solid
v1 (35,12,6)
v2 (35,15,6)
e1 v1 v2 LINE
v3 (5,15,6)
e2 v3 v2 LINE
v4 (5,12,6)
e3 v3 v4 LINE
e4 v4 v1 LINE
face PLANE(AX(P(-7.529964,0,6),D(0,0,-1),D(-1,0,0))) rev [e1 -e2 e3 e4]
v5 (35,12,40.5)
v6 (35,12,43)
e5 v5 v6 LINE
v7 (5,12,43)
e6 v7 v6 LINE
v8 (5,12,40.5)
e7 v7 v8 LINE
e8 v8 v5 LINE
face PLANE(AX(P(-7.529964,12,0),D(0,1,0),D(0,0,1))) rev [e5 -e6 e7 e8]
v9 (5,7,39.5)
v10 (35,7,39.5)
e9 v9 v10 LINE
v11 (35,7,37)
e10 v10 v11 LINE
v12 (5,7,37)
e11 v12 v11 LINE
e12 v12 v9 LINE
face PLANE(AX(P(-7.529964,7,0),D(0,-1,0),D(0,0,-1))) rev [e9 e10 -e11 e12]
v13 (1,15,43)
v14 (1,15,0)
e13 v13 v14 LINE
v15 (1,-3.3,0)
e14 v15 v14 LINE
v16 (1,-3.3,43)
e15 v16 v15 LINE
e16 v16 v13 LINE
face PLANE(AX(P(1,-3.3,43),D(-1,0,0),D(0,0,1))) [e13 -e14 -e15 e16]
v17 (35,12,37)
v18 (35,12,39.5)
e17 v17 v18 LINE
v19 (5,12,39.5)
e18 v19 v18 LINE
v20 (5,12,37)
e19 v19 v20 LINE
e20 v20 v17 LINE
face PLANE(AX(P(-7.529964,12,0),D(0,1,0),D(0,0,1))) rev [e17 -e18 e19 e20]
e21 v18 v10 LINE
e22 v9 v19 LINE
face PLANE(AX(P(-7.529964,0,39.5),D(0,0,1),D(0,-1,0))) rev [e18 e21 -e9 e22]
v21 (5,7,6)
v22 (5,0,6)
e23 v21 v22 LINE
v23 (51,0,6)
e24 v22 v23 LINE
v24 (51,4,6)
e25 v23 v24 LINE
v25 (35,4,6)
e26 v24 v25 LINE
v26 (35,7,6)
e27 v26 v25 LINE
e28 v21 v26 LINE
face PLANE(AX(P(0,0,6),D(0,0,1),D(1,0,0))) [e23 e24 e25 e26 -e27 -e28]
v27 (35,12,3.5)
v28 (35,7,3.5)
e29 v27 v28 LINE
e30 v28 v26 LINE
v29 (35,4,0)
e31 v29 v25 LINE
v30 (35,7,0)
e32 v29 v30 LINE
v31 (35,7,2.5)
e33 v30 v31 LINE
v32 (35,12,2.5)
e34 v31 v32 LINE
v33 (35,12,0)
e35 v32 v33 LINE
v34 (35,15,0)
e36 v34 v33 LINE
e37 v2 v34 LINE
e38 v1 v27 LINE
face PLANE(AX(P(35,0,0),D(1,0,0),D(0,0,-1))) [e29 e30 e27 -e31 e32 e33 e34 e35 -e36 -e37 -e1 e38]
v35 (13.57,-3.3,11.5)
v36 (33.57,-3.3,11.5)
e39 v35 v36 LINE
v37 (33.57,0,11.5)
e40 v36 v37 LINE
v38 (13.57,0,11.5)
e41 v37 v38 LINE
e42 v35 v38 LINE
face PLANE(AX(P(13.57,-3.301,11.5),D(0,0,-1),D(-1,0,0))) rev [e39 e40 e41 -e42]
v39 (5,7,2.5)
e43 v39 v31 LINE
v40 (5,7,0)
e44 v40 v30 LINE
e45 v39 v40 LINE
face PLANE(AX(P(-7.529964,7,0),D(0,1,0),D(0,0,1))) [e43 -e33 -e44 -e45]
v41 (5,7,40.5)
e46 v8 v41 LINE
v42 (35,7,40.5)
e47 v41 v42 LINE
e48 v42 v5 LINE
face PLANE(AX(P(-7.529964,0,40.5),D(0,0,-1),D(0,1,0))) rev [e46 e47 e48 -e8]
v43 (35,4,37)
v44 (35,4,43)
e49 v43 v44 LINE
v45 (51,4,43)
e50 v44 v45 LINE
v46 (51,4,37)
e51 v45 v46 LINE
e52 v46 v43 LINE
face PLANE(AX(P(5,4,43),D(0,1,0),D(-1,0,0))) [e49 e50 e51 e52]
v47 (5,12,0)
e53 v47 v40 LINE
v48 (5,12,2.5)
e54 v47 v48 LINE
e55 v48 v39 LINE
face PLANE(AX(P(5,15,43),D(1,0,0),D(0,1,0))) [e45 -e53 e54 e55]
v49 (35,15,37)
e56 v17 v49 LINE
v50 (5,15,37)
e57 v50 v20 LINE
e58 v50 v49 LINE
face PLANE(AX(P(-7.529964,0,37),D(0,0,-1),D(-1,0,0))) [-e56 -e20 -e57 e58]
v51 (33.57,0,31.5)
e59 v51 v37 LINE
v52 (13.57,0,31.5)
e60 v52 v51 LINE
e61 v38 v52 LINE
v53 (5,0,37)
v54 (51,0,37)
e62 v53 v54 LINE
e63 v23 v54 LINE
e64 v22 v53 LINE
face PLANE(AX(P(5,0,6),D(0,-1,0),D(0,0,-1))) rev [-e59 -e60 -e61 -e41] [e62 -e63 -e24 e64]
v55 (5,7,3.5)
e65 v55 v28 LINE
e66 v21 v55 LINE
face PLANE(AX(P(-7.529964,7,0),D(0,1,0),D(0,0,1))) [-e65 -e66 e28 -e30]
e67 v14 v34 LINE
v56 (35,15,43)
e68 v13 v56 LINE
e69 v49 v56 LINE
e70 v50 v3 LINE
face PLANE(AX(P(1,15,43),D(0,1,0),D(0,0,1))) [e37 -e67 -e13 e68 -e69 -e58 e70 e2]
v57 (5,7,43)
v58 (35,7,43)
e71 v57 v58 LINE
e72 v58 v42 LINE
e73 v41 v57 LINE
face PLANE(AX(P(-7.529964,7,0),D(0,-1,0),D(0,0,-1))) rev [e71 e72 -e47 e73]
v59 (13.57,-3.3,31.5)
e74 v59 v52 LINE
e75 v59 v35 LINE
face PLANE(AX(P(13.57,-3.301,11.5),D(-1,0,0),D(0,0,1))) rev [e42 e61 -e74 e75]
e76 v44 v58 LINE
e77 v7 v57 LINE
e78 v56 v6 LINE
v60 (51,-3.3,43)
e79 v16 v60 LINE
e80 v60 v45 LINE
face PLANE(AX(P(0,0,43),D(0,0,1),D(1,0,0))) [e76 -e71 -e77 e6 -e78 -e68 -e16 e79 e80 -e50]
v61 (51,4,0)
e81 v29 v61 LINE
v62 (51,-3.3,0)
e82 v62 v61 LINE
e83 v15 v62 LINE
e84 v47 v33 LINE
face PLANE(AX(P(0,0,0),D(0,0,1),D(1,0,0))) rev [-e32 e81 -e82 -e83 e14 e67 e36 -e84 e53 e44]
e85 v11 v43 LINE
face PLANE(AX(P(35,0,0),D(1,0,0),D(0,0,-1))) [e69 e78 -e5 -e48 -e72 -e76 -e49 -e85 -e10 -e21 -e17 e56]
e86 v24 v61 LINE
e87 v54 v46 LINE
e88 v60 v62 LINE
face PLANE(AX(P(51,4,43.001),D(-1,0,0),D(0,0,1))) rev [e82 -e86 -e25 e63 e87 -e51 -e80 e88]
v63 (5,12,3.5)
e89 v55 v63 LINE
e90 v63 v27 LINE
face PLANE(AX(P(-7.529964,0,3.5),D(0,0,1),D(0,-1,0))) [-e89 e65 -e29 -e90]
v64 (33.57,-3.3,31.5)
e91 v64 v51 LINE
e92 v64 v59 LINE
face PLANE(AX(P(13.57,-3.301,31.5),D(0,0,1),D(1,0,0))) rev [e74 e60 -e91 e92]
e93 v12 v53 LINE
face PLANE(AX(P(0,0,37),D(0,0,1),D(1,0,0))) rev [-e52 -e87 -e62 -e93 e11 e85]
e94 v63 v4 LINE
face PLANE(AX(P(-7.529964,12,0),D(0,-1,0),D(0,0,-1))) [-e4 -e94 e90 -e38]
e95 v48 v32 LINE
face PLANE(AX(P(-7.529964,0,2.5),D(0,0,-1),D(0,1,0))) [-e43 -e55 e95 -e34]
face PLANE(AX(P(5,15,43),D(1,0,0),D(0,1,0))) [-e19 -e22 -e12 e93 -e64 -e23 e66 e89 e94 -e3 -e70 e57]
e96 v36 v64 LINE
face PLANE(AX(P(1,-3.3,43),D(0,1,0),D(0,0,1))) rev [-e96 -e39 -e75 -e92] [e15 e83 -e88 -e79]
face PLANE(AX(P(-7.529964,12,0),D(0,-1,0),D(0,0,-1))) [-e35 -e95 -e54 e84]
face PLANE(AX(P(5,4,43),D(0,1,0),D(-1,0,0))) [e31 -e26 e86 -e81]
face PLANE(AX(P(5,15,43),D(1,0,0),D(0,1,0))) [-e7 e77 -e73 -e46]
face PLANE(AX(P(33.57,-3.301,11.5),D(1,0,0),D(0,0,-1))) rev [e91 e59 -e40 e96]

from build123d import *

# Parameters (mm, degrees)
BOSS_EXTRUDE1_DEPTH = 43
CUT_EXTRUDE1_START  = -6
SKETCH3_W           = 51
SKETCH3_H           = 4
CUT_EXTRUDE1_DEPTH  = 31
CUT_EXTRUDE2_REACH  = 74.18
SKETCH4_W           = 20
SKETCH4_H           = 20
BOSS_EXTRUDE2_START = -21
BOSS_EXTRUDE2_DEPTH = 30
CUT_EXTRUDE3_REACH  = 74.18
SKETCH6_W           = 5
SKETCH6_H           = 7.3


with BuildPart() as part:
    # Sketch1 → Boss-Extrude1 (new body)
    with BuildSketch(Plane.XY):
        Polygon((1, 15), (5, 15), (5, 4), (56, 4), (56, -3.3), (1, -3.3), align=None)
    extrude(amount=BOSS_EXTRUDE1_DEPTH)

    # Sketch3 → Cut-Extrude1 (cut)
    with BuildSketch(Plane.XY.offset(43).offset(CUT_EXTRUDE1_START)):
        with Locations((30.5, 2)):
            Rectangle(SKETCH3_W, SKETCH3_H)
    extrude(amount=-CUT_EXTRUDE1_DEPTH, mode=Mode.SUBTRACT)

    # Sketch4 → Cut-Extrude2 (cut, up to next)
    with BuildSketch(Plane(origin=(0, 0, 0), x_dir=(1, 0, 0), z_dir=(0, 1, 0)), mode=Mode.PRIVATE) as cut_extrude2_sk1:
        with Locations((23.57, -21.5)):
            Rectangle(SKETCH4_W, SKETCH4_H)
    cut_extrude2_tool1 = extrude(cut_extrude2_sk1.sketch, amount=-CUT_EXTRUDE2_REACH, mode=Mode.PRIVATE) & part.part
    add(cut_extrude2_tool1.solids().sort_by_distance((23.57, 0, 21.5))[0], mode=Mode.SUBTRACT)

    # Sketch5 → Boss-Extrude2 (add)
    with BuildSketch(Plane(origin=(56, 0, 0), x_dir=(0, 0, -1), z_dir=(1, 0, 0)).offset(BOSS_EXTRUDE2_START)):
        Polygon((-6, 7), (-6, 4), (0, 4), (0, 7), (-2.5, 7), (-2.5, 12), (0, 12), (0, 15), (-6, 15), (-6, 12), (-3.5, 12), (-3.5, 7), align=None)
        Polygon((-37, 4), (-37, 7), (-39.5, 7), (-39.5, 12), (-37, 12), (-37, 15), (-43, 15), (-43, 12), (-40.5, 12), (-40.5, 7), (-43, 7), (-43, 4), align=None)
    extrude(amount=-BOSS_EXTRUDE2_DEPTH)

    # Sketch6 → Cut-Extrude3 (cut, up to next)
    with BuildSketch(Plane(origin=(0, 0, 0), x_dir=(-1, 0, 0), z_dir=(0, 0, -1)), mode=Mode.PRIVATE) as cut_extrude3_sk1:
        with Locations((-53.5, 0.35)):
            Rectangle(SKETCH6_W, SKETCH6_H)
    cut_extrude3_tool1 = extrude(cut_extrude3_sk1.sketch, amount=-CUT_EXTRUDE3_REACH, mode=Mode.PRIVATE) & part.part
    add(cut_extrude3_tool1.solids().sort_by_distance((53.5, 0.35, 0))[0], mode=Mode.SUBTRACT)


solid = part.part
